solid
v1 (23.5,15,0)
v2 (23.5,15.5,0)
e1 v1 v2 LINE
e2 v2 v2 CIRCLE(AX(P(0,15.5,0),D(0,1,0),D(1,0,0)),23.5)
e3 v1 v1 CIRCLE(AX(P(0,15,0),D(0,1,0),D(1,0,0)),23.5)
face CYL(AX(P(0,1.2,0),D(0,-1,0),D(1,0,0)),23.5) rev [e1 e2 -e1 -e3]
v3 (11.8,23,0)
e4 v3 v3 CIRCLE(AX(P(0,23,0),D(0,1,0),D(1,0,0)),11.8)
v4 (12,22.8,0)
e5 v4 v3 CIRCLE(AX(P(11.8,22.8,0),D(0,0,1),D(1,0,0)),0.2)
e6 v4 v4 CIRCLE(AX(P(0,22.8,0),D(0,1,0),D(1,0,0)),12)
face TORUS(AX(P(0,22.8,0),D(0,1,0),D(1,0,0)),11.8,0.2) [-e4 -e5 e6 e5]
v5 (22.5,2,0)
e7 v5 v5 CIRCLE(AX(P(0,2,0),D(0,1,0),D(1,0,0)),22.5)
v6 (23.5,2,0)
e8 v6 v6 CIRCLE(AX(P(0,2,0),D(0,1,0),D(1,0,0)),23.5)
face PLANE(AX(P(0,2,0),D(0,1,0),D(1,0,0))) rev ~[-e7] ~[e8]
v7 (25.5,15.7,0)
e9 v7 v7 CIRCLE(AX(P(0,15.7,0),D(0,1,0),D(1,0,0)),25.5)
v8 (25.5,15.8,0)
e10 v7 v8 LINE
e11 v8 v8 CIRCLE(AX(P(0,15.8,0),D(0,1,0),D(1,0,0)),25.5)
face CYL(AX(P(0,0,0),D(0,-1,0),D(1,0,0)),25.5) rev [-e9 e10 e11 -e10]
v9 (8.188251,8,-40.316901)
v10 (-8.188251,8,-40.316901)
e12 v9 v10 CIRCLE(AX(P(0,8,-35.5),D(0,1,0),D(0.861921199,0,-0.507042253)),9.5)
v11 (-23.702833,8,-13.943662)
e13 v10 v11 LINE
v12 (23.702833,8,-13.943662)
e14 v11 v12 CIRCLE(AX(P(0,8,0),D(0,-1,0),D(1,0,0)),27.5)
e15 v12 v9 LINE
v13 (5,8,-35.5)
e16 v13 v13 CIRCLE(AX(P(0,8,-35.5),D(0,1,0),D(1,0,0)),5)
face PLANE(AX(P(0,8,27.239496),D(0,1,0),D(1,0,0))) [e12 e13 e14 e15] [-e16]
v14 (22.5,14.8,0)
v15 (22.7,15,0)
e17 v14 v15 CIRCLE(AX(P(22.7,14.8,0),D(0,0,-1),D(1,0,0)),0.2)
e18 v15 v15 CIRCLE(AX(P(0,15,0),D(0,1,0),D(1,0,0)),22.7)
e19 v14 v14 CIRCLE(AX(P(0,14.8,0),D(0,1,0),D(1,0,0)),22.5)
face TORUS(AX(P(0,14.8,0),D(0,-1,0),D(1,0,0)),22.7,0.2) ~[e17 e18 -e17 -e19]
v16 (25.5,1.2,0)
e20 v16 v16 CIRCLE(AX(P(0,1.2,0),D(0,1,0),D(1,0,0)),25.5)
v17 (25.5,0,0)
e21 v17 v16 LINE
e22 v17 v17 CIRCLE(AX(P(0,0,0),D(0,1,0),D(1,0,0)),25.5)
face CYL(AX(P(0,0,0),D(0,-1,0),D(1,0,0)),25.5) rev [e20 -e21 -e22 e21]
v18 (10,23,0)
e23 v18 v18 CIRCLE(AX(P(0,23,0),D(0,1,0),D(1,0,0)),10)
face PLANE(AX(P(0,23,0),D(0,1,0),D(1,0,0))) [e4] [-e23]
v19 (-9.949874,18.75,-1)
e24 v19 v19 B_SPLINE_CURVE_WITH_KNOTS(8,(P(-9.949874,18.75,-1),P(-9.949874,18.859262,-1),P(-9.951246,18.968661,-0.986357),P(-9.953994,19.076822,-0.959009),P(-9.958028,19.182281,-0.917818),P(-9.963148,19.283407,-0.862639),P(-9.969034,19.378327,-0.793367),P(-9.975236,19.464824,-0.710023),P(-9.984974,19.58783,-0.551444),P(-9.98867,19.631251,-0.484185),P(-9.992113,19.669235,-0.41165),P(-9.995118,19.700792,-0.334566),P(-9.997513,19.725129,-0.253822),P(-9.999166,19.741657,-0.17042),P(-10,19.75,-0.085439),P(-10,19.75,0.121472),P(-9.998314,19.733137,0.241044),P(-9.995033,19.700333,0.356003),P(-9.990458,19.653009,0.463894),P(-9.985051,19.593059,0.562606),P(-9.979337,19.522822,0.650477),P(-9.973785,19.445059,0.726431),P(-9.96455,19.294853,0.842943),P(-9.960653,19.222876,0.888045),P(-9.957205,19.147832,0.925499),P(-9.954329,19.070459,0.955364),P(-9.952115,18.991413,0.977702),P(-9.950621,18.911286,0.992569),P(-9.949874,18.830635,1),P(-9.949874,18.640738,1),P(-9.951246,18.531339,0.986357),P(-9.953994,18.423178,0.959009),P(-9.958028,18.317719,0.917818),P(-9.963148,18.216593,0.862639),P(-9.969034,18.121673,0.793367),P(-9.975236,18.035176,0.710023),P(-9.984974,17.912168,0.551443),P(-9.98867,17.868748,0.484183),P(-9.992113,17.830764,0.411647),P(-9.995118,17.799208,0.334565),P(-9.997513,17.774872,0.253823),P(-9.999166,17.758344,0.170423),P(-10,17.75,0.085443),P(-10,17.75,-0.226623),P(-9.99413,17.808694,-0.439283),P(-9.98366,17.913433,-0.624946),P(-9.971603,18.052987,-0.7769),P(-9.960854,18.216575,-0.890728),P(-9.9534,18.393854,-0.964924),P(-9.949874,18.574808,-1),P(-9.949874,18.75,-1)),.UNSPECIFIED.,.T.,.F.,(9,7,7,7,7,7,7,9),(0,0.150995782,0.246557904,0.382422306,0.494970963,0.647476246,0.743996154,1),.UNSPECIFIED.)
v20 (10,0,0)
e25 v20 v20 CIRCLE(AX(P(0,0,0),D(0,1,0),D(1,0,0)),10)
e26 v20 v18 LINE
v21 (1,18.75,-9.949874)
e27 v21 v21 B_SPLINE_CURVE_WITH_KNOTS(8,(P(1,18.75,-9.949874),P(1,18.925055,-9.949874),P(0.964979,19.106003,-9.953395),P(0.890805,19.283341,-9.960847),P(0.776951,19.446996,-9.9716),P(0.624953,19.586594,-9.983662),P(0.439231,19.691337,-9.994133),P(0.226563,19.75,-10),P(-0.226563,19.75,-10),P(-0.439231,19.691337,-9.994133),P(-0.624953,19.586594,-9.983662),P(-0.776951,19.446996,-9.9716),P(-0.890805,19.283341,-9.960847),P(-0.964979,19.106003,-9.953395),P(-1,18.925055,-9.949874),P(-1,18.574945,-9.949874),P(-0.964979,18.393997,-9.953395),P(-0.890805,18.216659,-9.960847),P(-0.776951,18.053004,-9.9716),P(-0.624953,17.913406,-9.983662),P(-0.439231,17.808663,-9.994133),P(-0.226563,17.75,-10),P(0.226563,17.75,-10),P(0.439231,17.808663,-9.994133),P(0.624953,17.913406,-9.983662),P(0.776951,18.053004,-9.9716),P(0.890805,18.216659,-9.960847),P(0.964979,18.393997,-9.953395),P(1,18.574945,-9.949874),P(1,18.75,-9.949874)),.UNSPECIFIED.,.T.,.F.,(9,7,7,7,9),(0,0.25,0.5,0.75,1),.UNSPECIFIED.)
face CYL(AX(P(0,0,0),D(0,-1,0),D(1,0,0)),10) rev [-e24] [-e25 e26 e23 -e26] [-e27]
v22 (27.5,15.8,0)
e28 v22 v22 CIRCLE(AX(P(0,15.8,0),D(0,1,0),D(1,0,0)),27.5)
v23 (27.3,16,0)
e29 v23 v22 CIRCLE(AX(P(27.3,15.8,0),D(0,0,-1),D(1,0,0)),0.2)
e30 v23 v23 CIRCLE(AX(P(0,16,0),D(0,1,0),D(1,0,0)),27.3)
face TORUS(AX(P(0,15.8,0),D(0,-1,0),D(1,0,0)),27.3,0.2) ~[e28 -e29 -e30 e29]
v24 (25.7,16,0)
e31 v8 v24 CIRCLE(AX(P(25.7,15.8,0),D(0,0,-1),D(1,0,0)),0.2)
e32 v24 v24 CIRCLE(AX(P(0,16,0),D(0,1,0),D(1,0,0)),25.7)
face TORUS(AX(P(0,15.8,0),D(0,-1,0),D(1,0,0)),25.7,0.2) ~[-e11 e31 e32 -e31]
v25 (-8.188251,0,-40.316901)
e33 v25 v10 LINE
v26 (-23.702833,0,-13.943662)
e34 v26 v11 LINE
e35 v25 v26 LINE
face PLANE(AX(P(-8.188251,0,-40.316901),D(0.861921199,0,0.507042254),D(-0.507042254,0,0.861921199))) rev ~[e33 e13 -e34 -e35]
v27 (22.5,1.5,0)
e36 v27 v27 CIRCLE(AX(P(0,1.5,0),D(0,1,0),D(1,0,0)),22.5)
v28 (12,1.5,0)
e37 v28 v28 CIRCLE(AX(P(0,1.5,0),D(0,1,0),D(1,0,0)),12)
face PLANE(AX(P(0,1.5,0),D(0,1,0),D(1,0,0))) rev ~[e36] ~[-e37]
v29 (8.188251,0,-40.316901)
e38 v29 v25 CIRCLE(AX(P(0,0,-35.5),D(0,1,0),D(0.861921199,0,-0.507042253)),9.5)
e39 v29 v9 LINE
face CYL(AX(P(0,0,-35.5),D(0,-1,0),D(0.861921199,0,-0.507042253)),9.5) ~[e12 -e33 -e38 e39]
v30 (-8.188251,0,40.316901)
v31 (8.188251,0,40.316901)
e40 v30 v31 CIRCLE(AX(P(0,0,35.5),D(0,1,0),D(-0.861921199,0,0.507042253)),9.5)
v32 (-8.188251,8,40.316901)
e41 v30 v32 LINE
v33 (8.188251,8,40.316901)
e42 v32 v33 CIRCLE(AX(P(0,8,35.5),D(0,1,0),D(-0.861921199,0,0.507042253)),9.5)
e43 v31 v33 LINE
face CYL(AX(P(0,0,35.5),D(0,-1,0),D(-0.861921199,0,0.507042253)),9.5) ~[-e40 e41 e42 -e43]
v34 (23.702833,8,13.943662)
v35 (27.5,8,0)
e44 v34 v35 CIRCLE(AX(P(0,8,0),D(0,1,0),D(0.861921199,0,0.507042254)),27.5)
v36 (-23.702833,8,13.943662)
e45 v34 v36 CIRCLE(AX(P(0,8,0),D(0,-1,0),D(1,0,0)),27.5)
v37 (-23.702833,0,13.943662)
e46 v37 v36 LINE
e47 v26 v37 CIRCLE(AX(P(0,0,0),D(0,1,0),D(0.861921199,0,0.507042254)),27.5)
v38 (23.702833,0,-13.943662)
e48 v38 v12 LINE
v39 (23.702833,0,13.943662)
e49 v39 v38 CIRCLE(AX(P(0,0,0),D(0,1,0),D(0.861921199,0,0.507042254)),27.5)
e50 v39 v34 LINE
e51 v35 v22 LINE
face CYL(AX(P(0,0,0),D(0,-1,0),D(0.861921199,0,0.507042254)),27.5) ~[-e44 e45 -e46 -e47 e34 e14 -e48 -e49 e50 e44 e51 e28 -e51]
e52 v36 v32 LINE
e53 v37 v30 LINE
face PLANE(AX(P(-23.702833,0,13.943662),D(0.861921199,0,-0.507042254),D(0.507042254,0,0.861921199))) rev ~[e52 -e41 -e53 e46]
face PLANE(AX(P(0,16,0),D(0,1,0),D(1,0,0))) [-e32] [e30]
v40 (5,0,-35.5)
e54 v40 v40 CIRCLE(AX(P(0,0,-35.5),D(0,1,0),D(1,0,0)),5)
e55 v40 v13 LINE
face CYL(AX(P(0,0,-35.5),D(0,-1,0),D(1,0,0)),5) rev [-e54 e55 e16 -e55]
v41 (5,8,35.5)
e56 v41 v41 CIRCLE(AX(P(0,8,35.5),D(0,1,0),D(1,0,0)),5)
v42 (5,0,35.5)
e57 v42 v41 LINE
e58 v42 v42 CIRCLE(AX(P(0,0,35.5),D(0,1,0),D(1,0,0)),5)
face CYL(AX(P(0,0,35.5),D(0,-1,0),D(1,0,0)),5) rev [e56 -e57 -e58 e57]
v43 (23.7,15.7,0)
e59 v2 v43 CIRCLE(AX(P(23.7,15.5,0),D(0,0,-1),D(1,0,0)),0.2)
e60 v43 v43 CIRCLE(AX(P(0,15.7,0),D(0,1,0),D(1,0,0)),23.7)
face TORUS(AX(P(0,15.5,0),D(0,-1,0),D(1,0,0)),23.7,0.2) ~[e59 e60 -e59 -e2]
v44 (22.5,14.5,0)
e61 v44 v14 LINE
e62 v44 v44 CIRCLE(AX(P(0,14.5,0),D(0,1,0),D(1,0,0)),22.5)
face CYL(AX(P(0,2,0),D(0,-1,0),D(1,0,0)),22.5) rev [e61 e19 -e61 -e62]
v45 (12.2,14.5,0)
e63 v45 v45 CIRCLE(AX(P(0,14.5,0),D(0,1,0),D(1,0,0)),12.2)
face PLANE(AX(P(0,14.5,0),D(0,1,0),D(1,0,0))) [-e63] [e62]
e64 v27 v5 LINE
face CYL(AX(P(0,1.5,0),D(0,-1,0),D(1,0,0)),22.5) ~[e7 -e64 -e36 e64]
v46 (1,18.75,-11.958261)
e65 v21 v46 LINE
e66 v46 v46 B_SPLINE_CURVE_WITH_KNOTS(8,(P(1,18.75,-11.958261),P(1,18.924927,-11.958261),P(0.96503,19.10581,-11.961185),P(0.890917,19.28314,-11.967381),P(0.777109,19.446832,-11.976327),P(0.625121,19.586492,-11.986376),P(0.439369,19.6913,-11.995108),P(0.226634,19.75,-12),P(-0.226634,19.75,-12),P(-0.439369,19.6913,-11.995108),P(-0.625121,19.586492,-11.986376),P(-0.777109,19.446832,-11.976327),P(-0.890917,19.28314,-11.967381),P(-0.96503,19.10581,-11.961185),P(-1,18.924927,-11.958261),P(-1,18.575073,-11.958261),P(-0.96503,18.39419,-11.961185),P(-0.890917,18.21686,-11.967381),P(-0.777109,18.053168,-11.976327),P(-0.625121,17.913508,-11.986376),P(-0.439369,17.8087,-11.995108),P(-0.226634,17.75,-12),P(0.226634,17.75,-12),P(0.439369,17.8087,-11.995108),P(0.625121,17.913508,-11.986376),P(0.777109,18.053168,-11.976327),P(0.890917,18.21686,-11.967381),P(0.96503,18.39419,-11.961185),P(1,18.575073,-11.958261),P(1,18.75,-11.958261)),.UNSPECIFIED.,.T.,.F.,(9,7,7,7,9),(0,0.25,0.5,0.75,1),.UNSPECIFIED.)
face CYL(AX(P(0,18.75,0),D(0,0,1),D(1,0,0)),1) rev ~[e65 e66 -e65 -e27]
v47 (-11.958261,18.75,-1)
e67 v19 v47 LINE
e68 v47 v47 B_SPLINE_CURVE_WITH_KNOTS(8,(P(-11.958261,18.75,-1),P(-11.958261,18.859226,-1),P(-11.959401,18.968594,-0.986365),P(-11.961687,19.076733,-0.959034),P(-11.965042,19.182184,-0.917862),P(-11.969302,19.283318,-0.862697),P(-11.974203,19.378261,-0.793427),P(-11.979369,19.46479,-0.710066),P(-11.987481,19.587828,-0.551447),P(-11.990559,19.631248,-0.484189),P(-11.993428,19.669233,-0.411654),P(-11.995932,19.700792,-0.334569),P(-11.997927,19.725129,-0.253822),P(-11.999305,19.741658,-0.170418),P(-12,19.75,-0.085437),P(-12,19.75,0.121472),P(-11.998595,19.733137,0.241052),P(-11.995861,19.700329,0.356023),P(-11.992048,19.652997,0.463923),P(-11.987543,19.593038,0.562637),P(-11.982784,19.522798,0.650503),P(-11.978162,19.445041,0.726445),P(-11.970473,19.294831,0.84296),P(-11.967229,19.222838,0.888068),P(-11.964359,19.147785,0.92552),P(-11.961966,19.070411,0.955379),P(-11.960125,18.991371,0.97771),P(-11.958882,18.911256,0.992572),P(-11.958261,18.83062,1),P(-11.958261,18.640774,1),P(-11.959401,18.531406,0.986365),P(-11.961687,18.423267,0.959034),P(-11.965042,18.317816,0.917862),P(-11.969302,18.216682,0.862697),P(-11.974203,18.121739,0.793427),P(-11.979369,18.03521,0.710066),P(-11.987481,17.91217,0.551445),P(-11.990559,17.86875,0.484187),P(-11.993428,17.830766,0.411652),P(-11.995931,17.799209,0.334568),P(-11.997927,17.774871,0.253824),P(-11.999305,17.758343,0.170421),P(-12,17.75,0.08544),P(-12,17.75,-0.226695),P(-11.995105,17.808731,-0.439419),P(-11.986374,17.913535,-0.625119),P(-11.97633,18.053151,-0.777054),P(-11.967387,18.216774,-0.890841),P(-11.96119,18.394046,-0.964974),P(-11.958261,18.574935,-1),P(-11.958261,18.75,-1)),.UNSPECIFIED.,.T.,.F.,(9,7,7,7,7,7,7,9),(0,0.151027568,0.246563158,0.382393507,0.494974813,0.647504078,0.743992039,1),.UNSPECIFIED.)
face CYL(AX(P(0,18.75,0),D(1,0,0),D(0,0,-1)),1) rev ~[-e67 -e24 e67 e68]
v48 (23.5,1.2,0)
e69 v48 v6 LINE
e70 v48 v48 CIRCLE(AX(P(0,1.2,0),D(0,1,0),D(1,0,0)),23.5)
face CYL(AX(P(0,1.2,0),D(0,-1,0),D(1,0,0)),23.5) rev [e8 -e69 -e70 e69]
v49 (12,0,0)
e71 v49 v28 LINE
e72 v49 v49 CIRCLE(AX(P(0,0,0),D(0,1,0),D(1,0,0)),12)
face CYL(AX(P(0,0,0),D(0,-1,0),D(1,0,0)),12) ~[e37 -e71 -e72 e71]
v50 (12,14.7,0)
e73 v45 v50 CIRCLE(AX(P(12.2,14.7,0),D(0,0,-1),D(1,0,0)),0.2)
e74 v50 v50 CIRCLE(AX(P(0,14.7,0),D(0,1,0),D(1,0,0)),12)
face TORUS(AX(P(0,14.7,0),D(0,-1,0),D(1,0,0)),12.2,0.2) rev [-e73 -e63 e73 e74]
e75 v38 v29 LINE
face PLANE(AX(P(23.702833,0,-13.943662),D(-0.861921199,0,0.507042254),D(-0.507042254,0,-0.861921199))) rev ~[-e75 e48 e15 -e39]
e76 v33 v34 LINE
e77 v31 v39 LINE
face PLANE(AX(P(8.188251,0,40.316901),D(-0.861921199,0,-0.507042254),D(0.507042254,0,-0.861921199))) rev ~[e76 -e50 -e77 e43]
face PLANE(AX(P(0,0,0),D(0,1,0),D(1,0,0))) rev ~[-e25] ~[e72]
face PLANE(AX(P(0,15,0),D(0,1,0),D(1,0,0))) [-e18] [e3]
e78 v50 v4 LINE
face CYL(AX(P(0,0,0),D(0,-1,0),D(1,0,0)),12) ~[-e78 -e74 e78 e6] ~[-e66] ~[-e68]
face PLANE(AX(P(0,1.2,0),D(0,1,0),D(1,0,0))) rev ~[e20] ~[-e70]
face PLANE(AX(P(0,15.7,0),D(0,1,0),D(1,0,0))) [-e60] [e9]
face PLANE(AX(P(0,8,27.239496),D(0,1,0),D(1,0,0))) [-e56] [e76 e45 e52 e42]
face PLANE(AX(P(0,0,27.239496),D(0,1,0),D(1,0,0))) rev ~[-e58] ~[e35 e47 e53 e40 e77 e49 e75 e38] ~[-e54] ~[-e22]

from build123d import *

# Parameters (mm, degrees)
SKETCH1_R             = 5
SKETCH1_R_2           = 27.5
SKETCH1_R_3           = 25.5
EXTRUDE_A1_DEPTH      = 8
SKETCH1_3_R           = 27.5
SKETCH1_3_R_2         = 25.5
EXTRUDE_A_DEPTH       = 16
SKETCH1_4_R           = 12
SKETCH1_4_R_2         = 10
EXTRUDE_A0_DEPTH      = 23
BEARING_START         = 2
SKETCH1_7_R           = 23.5
SKETCH1_7_R_2         = 22.5
BEARING_OUTER_D_DEPTH = 13
BOSS_EXTRUDE6_START   = 1.2
SKETCH1_8_R           = 25.5
SKETCH1_8_R_2         = 23.5
BOSS_EXTRUDE6_DEPTH   = 14.5
BOSS_EXTRUDE7_START   = 1.5
SKETCH1_9_R           = 22.5
SKETCH1_9_R_2         = 12
BOSS_EXTRUDE7_DEPTH   = 13
CUT_EXTRUDE1_REACH    = 29.5
SKETCH2_R             = 1
CUT_EXTRUDE2_REACH    = 47
SKETCH3_R             = 1
FILLET1_R             = 0.2
FILLET2_R             = 0.2


with BuildPart() as part:
    # Sketch1 → Extrude A1 (new body)
    with BuildSketch(Plane(origin=(0, 0, 0), x_dir=(1, 0, 0), z_dir=(0, 1, 0))):
        with BuildLine():
            Line((8.18825139, -40.316901408), (23.70283297, -13.943661972))
            ThreePointArc((23.70283297, -13.943661972), (0, -27.5), (-23.70283297, -13.943661972))
            Line((-23.70283297, -13.943661972), (-8.18825139, -40.316901408))
            ThreePointArc((-8.18825139, -40.316901408), (0, -45), (8.18825139, -40.316901408))
        make_face()
        with Locations((0, -35.5)):
            Circle(SKETCH1_R, mode=Mode.SUBTRACT)
        Circle(SKETCH1_R_2)
        Circle(SKETCH1_R_3, mode=Mode.SUBTRACT)
        with BuildLine():
            Line((-8.18825139, 40.316901408), (-23.70283297, 13.943661972))
            ThreePointArc((-23.70283297, 13.943661972), (0, 27.5), (23.70283297, 13.943661972))
            Line((23.70283297, 13.943661972), (8.18825139, 40.316901408))
            ThreePointArc((8.18825139, 40.316901408), (0, 45), (-8.18825139, 40.316901408))
        make_face()
        with Locations((0, 35.5)):
            Circle(SKETCH1_R, mode=Mode.SUBTRACT)
    extrude(amount=EXTRUDE_A1_DEPTH)

    # Sketch1<3> → Extrude A (add)
    with BuildSketch(Plane(origin=(0, 0, 0), x_dir=(1, 0, 0), z_dir=(0, 1, 0))):
        Circle(SKETCH1_3_R)
        Circle(SKETCH1_3_R_2, mode=Mode.SUBTRACT)
    extrude(amount=EXTRUDE_A_DEPTH)



with BuildPart() as body_2:
    # Sketch1<4> → Extrude A0 (new body)
    with BuildSketch(Plane(origin=(0, 0, 0), x_dir=(1, 0, 0), z_dir=(0, 1, 0))):
        Circle(SKETCH1_4_R)
        Circle(SKETCH1_4_R_2, mode=Mode.SUBTRACT)
    extrude(amount=EXTRUDE_A0_DEPTH)


with BuildPart() as body_3:
    # Sketch1<7> → Bearing outer d (new body)
    with BuildSketch(Plane(origin=(0, 0, 0), x_dir=(1, 0, 0), z_dir=(0, 1, 0)).offset(BEARING_START)):
        Circle(SKETCH1_7_R)
        Circle(SKETCH1_7_R_2, mode=Mode.SUBTRACT)
    extrude(amount=BEARING_OUTER_D_DEPTH)


with BuildPart() as part_1:
    add(part.part)

    add(body_3.part)  # Boss-Extrude6 merges body 3
    # Sketch1<8> → Boss-Extrude6 (add)
    with BuildSketch(Plane(origin=(0, 0, 0), x_dir=(1, 0, 0), z_dir=(0, 1, 0)).offset(BOSS_EXTRUDE6_START)):
        Circle(SKETCH1_8_R)
        Circle(SKETCH1_8_R_2, mode=Mode.SUBTRACT)
    extrude(amount=BOSS_EXTRUDE6_DEPTH)


    add(body_2.part)  # Boss-Extrude7 merges body 2
    # Sketch1<9> → Boss-Extrude7 (add)
    with BuildSketch(Plane(origin=(0, 0, 0), x_dir=(1, 0, 0), z_dir=(0, 1, 0)).offset(BOSS_EXTRUDE7_START)):
        Circle(SKETCH1_9_R)
        Circle(SKETCH1_9_R_2, mode=Mode.SUBTRACT)
    extrude(amount=BOSS_EXTRUDE7_DEPTH)

    # Sketch2 → Cut-Extrude1 (cut, up to next)
    with BuildSketch(Plane(origin=(0, 0, 0), x_dir=(0, 0, -1), z_dir=(1, 0, 0)), mode=Mode.PRIVATE) as cut_extrude1_sk1:
        with Locations((0, 18.75)):
            Circle(SKETCH2_R)
    cut_extrude1_tool1 = extrude(cut_extrude1_sk1.sketch, amount=-CUT_EXTRUDE1_REACH, mode=Mode.PRIVATE) & part_1.part
    add(cut_extrude1_tool1.solids().sort_by_distance((0, 18.75, 0))[0], mode=Mode.SUBTRACT)

    # Sketch3 → Cut-Extrude2 (cut, up to next)
    with BuildSketch(Plane.XY, mode=Mode.PRIVATE) as cut_extrude2_sk1:
        with Locations((0, 18.75)):
            Circle(SKETCH3_R)
    cut_extrude2_tool1 = extrude(cut_extrude2_sk1.sketch, amount=-CUT_EXTRUDE2_REACH, mode=Mode.PRIVATE) & part_1.part
    add(cut_extrude2_tool1.solids().sort_by_distance((0, 18.75, 0))[0], mode=Mode.SUBTRACT)

    # Fillet1
    fillet1_edges = [part_1.edges().sort_by_distance(p)[0] for p in [
        (-22.5, 15, 0),
    ]]
    fillet(fillet1_edges, radius=FILLET1_R)

    # Fillet2
    fillet2_edges = [part_1.edges().sort_by_distance(p)[0] for p in [
        (-12, 23, 0),
        (-25.5, 16, 0),
        (-27.5, 16, 0),
        (-23.5, 15.7, 0),
        (-12, 14.5, 0),
    ]]
    fillet(fillet2_edges, radius=FILLET2_R)


solid = part_1.part
